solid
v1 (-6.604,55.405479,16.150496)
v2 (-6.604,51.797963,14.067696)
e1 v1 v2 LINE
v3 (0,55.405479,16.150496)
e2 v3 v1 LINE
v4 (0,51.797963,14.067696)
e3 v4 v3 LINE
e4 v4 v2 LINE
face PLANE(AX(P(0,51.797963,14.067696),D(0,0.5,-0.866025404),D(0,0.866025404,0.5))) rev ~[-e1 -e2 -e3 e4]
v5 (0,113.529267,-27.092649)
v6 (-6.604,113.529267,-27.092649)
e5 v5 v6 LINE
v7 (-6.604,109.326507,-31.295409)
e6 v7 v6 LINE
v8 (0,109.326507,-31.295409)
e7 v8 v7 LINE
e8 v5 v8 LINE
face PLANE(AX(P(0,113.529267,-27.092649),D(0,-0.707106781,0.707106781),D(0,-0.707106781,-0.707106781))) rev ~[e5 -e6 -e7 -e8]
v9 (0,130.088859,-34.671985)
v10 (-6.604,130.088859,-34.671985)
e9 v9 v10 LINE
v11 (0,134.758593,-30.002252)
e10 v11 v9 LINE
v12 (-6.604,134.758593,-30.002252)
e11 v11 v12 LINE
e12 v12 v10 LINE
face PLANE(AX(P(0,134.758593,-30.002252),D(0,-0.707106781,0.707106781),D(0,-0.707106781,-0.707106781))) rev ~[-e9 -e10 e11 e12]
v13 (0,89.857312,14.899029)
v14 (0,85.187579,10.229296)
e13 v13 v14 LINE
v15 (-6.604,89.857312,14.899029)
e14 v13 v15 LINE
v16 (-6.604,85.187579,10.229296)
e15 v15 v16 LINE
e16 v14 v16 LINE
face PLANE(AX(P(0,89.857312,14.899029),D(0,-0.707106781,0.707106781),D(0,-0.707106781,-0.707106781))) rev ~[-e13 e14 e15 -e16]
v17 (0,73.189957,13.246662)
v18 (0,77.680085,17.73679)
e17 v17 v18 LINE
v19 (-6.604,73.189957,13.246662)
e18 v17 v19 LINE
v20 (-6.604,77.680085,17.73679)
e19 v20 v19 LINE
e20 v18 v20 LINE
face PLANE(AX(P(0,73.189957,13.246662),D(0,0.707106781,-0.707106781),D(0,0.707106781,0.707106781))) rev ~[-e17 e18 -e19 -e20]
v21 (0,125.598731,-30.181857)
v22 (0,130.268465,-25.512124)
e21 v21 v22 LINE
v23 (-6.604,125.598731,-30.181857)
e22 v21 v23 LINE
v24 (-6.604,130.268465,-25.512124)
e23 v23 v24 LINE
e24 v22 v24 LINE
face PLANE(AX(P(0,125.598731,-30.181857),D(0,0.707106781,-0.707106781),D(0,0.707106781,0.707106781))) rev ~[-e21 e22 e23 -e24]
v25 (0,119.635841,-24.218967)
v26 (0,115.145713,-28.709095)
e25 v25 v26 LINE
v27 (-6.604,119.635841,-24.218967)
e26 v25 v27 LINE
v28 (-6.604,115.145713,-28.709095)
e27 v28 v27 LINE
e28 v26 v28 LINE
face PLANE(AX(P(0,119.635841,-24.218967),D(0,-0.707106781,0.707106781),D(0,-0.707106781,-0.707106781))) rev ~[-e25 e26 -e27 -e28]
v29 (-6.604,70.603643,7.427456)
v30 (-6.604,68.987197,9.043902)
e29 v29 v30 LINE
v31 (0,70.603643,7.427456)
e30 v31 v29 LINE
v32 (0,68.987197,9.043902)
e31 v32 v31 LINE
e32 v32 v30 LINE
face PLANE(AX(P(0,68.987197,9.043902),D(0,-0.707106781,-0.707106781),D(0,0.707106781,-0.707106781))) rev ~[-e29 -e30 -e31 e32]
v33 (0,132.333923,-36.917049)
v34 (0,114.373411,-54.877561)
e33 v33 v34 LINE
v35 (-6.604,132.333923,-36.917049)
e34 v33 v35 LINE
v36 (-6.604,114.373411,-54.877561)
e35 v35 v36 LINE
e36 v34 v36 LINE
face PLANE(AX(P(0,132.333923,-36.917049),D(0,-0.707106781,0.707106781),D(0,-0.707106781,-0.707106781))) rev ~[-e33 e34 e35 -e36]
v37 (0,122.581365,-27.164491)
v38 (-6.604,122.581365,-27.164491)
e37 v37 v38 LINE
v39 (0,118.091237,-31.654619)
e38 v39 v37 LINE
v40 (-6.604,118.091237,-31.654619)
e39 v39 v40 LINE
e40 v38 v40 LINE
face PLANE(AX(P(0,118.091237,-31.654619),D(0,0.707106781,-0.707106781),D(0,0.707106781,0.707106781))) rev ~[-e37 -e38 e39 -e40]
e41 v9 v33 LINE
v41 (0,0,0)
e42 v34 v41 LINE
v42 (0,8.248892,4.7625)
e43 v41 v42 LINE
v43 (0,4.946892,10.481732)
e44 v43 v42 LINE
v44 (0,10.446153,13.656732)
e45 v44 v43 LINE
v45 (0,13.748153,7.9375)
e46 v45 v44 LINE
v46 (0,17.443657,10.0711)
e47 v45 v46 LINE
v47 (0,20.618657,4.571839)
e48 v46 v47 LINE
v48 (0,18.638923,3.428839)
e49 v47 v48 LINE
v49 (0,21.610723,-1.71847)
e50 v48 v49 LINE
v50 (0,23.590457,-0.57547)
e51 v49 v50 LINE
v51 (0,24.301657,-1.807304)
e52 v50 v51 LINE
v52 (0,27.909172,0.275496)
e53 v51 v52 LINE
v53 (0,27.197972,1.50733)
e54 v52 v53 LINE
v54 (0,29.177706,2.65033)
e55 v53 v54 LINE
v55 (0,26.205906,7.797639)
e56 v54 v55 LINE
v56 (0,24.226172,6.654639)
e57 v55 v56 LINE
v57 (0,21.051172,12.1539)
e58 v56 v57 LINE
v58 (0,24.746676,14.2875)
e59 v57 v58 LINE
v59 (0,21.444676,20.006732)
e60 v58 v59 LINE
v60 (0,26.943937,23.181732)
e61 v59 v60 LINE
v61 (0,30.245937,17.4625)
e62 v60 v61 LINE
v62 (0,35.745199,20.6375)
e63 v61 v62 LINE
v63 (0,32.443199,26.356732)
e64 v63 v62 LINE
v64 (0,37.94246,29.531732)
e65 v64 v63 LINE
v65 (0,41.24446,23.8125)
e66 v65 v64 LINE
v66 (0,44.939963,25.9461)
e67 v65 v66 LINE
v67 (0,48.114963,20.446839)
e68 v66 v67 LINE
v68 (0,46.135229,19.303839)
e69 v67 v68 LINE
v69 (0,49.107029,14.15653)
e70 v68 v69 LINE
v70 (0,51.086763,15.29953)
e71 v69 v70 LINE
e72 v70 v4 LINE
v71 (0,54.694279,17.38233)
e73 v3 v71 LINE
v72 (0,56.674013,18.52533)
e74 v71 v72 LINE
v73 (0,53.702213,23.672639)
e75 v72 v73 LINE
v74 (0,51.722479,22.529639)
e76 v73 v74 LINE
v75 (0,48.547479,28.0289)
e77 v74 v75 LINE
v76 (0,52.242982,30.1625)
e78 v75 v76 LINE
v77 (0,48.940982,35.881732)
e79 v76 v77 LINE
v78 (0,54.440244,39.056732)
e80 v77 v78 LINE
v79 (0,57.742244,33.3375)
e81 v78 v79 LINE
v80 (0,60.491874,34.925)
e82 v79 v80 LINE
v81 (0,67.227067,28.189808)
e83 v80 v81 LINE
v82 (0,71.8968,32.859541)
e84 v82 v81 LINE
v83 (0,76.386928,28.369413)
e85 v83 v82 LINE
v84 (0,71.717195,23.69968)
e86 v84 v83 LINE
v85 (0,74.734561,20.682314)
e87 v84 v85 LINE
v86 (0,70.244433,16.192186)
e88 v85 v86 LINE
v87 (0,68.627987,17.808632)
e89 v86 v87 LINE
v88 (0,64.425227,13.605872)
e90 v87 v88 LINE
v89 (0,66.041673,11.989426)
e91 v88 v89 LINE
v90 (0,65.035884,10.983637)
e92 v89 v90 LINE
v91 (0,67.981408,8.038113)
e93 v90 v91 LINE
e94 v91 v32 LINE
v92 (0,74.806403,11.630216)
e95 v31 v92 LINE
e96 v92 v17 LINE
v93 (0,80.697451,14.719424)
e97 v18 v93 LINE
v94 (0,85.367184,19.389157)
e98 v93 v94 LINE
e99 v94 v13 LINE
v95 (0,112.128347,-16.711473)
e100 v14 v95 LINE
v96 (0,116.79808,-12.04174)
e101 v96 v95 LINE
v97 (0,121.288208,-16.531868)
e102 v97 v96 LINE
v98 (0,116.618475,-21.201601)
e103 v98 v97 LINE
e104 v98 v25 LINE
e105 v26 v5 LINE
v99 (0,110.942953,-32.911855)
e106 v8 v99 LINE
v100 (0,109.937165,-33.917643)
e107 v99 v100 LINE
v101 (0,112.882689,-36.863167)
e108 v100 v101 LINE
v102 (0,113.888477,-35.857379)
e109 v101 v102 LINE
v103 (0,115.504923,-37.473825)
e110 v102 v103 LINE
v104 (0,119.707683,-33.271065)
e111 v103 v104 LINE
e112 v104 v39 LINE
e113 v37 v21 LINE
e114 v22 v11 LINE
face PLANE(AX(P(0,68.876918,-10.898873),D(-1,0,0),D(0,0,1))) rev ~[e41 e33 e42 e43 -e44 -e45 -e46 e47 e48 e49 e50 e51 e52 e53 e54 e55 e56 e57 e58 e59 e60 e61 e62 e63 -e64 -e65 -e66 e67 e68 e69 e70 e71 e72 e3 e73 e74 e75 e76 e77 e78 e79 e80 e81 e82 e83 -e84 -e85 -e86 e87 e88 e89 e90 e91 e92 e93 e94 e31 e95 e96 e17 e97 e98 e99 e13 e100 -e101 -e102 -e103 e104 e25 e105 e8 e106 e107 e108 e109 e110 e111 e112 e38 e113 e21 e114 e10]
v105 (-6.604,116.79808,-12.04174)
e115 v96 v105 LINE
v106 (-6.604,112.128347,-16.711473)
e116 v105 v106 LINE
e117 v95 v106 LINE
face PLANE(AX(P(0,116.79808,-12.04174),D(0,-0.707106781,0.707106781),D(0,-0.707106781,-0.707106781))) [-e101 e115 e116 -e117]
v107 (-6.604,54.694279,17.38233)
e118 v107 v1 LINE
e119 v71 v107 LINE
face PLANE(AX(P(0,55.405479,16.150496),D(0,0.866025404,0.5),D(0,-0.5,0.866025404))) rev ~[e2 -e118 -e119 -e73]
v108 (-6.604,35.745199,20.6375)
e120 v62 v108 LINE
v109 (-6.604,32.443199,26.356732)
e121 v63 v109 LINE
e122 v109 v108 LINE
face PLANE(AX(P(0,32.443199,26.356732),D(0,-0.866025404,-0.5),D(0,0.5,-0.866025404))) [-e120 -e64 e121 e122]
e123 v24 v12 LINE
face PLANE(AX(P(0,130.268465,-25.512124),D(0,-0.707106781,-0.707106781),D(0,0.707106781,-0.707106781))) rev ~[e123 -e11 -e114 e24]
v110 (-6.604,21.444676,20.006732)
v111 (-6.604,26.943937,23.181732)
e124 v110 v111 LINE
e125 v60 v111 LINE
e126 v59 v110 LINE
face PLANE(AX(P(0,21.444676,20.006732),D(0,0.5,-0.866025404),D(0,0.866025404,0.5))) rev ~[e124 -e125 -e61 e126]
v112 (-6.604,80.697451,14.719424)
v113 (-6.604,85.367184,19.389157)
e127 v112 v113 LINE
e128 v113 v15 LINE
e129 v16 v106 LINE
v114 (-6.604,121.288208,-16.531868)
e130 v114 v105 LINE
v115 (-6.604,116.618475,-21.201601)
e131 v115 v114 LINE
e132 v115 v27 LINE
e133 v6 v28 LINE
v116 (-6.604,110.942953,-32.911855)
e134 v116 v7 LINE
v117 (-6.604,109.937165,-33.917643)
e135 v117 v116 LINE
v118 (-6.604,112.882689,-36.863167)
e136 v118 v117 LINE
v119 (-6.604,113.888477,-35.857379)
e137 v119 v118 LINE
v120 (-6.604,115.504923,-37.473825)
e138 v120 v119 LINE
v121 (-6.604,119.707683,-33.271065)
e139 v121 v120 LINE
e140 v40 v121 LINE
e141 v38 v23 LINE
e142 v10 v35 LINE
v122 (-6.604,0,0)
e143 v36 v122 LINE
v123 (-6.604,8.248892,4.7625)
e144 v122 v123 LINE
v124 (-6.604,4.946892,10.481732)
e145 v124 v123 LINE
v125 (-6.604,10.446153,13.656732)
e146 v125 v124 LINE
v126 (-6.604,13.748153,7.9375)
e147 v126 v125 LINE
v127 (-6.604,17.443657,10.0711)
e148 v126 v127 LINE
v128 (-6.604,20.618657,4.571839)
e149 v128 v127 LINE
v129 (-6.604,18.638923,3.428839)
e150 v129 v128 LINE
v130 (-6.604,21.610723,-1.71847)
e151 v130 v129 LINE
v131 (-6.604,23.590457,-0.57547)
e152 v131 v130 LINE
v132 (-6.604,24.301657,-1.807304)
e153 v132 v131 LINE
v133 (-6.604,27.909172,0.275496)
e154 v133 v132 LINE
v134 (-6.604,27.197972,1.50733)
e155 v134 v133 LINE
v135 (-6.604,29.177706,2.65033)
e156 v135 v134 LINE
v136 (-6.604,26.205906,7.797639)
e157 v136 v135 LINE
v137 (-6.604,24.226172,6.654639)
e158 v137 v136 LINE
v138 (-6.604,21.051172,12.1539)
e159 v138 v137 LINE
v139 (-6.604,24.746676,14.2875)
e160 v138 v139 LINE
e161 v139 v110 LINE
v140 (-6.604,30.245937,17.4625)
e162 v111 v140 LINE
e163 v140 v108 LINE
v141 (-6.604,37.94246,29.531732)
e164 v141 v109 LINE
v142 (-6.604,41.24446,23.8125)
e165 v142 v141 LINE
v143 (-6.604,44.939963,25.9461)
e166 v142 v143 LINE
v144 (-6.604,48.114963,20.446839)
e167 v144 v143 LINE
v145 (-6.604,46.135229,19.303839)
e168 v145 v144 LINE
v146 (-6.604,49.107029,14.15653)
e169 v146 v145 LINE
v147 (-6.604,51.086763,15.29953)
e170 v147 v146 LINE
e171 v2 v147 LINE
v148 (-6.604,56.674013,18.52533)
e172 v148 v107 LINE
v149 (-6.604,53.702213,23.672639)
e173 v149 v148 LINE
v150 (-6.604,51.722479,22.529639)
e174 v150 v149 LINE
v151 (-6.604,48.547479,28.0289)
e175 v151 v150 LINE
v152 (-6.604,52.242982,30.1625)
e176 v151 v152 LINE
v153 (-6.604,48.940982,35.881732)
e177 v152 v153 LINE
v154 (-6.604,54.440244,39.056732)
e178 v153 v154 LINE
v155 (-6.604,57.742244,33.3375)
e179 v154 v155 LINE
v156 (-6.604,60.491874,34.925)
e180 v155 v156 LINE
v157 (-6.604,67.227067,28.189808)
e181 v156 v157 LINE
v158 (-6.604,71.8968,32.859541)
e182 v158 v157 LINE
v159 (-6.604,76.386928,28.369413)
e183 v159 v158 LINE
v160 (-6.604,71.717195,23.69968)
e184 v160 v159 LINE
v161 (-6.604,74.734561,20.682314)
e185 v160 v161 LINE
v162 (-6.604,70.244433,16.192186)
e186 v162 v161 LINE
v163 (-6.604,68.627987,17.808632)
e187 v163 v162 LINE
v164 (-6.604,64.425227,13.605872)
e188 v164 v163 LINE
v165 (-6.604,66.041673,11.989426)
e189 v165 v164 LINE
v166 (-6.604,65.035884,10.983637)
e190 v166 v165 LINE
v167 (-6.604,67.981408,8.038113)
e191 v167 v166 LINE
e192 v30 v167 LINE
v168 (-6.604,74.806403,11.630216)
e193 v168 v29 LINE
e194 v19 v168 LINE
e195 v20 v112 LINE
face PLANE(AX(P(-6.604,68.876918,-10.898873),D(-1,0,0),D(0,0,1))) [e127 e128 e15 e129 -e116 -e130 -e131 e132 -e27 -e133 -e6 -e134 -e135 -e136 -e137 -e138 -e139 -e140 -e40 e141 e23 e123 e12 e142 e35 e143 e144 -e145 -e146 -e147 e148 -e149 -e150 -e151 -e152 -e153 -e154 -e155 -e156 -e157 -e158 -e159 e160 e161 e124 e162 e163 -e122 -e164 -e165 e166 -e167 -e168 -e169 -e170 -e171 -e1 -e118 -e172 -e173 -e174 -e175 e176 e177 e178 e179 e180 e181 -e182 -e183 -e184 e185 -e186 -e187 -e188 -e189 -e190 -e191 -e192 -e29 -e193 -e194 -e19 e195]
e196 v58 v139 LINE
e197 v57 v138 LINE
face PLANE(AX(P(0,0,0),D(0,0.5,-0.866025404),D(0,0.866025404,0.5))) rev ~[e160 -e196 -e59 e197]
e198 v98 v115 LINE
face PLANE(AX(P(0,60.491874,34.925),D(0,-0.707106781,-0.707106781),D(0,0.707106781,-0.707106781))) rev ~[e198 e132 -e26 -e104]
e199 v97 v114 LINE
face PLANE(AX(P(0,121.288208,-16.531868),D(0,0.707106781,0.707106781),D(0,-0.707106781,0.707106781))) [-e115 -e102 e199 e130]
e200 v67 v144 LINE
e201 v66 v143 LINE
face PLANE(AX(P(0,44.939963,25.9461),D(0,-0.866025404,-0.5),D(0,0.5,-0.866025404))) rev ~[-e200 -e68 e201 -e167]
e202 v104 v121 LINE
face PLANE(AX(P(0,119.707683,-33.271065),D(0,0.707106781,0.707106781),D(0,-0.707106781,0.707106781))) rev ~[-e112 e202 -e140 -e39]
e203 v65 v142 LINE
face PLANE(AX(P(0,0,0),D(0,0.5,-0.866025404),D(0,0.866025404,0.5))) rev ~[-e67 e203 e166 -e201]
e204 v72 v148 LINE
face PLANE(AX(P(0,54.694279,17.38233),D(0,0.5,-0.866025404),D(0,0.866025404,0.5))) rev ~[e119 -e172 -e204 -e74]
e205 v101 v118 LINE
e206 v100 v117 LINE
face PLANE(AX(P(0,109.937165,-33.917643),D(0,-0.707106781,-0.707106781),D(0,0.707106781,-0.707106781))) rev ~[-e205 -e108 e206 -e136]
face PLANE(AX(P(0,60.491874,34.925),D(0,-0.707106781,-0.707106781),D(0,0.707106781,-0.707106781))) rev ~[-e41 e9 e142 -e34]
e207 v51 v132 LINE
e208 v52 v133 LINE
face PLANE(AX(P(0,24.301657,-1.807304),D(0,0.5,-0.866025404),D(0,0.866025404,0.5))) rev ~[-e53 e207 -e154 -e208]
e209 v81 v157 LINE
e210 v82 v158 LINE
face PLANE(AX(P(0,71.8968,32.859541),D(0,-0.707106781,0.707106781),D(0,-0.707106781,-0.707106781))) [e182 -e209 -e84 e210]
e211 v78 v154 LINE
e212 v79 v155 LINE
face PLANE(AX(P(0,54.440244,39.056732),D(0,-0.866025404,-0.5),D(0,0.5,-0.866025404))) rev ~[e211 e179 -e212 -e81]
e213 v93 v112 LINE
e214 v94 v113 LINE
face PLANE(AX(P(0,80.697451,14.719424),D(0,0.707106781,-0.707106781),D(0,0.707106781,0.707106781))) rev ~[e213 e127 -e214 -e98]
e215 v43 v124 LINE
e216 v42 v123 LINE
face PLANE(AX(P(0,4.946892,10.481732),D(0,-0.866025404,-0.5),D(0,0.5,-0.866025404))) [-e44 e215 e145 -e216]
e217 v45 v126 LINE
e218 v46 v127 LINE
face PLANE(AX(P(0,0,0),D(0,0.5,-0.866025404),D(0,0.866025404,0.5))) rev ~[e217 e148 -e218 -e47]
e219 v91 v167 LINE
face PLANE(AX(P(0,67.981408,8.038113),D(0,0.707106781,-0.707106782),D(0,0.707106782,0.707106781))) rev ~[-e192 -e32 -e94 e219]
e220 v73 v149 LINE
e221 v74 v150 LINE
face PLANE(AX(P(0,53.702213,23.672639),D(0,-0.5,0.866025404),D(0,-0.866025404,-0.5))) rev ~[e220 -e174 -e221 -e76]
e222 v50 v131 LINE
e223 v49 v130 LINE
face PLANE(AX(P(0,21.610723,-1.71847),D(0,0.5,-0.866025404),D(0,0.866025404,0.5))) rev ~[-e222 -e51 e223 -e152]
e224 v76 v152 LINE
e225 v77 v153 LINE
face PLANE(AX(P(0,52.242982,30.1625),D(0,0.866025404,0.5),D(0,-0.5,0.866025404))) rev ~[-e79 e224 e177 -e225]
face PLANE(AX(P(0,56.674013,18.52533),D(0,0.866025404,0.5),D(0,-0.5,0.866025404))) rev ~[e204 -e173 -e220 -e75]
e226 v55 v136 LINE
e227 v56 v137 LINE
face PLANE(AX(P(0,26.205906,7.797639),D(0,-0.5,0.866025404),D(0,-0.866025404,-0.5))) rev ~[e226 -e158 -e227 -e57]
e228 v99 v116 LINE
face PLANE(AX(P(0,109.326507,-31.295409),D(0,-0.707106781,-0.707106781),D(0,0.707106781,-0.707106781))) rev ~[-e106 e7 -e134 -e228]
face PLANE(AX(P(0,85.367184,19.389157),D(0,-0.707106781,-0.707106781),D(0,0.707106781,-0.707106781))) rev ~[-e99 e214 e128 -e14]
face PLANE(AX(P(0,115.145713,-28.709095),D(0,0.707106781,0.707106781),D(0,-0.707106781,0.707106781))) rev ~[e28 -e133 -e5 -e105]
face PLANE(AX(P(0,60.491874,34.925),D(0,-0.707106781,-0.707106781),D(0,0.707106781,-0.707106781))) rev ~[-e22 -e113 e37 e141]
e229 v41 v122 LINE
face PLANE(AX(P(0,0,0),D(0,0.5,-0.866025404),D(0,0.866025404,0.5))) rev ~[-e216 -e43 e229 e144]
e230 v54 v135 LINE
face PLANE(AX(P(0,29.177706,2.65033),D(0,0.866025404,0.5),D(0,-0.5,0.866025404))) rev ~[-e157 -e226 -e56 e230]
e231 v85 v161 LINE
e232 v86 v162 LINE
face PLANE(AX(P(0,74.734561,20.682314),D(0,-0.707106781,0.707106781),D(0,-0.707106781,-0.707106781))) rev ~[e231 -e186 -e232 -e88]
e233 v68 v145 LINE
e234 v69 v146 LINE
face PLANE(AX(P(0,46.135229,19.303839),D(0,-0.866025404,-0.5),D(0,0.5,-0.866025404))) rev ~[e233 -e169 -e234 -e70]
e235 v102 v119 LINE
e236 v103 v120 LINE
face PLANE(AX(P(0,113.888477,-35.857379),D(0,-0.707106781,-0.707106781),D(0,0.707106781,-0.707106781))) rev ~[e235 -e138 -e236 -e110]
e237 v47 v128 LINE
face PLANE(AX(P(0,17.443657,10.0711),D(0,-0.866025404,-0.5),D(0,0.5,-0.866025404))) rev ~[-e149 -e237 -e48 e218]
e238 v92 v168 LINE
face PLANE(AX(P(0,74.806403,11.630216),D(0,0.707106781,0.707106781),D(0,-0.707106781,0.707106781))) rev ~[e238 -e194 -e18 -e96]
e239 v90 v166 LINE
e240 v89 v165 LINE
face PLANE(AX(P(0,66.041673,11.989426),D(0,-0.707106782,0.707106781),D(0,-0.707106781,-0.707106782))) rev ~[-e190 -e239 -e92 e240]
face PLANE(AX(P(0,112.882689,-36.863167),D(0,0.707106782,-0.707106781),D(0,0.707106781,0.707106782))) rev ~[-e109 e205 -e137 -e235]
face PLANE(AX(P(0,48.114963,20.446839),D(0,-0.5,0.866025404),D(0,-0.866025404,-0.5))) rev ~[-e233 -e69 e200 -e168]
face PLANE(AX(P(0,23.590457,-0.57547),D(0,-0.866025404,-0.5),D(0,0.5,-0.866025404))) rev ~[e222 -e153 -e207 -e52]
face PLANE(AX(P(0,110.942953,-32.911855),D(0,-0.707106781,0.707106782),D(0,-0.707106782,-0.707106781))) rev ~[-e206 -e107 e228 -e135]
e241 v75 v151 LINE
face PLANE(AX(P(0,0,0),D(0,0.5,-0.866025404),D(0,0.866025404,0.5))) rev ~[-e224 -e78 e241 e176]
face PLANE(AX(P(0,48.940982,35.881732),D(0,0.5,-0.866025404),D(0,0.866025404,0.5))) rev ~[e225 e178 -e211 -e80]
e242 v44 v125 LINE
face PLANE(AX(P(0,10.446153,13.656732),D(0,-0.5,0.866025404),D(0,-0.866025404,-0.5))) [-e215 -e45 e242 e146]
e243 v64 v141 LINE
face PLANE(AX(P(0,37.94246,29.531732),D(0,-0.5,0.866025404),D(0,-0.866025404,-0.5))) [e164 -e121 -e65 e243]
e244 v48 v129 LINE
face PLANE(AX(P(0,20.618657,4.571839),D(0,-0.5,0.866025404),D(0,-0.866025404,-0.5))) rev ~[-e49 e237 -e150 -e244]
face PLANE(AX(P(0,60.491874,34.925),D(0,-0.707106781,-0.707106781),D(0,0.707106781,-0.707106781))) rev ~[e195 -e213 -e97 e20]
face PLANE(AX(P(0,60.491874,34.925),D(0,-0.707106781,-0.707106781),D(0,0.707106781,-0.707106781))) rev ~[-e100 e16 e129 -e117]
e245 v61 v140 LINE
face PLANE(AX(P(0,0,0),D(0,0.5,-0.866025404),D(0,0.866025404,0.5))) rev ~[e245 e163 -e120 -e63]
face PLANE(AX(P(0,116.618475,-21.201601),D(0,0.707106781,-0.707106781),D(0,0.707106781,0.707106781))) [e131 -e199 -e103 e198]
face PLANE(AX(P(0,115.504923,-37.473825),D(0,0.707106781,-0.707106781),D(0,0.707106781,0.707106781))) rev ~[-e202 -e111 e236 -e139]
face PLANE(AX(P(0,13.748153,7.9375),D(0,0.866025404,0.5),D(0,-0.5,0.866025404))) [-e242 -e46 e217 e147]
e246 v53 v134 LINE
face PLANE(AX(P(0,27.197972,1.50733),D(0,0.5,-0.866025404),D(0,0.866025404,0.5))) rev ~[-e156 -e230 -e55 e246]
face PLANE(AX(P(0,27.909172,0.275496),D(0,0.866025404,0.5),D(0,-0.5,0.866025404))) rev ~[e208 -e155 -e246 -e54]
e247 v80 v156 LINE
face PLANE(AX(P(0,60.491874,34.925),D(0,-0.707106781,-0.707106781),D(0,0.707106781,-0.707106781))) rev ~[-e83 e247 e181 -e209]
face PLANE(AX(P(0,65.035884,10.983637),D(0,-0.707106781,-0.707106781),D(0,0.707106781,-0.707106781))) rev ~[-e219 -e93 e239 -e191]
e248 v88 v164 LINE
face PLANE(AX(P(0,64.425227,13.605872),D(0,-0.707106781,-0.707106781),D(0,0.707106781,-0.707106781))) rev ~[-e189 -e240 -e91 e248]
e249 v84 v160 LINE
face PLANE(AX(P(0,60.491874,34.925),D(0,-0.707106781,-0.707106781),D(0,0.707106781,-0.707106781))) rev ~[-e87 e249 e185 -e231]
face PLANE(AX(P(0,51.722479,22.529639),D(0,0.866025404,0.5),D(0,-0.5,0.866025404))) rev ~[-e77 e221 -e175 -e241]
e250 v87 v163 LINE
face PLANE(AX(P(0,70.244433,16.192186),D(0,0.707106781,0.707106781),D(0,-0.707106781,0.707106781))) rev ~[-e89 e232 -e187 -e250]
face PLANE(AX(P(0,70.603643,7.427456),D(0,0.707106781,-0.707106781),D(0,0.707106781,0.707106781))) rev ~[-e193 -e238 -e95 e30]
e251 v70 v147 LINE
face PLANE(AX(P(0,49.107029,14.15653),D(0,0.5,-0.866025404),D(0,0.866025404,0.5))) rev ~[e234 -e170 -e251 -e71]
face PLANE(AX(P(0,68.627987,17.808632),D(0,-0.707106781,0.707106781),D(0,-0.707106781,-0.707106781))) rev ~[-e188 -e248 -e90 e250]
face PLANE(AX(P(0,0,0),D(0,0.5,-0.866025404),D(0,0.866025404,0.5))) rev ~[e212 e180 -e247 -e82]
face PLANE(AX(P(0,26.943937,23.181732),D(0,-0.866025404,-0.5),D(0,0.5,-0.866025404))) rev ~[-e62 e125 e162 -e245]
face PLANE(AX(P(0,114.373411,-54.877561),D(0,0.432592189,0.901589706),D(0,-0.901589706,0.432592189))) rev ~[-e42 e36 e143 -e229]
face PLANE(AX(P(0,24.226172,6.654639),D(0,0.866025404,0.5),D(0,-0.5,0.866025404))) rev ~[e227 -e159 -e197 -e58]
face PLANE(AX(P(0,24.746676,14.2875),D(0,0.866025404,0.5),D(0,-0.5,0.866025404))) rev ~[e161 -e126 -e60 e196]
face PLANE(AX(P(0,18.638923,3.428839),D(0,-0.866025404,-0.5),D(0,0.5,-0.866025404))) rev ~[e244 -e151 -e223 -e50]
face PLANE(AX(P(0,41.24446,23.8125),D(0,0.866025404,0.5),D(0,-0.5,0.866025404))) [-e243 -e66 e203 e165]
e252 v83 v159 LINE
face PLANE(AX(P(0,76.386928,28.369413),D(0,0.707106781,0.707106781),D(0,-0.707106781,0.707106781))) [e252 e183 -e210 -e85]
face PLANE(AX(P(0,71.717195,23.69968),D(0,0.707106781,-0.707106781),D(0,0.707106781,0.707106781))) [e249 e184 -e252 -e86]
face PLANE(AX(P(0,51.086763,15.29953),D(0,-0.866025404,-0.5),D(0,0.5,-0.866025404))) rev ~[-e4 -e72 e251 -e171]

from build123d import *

# Parameters (mm, degrees)
BOSS_EXTRUDE1_DEPTH = 6.604
CUT_EXTRUDE1_DEPTH  = 7.604
BOSS_EXTRUDE2_DEPTH = 6.604


with BuildPart() as part:
    # Sketch1 → Boss-Extrude1 (new body)
    with BuildSketch(Plane(origin=(0, 0, 0), x_dir=(0, 0, -1), z_dir=(1, 0, 0))):
        Polygon((0, 0), (-34.925, 60.491874454), (36.917048969, 132.333923423), (54.877561211, 114.373411181), align=None)
    extrude(amount=-BOSS_EXTRUDE1_DEPTH)

    # Sketch2 → Cut-Extrude1 (cut, through all)
    with BuildSketch(Plane(origin=(0, 0, 0), x_dir=(0, 0, -1), z_dir=(1, 0, 0))):
        Polygon((31.654618882, 118.091237215), (27.164490821, 122.581365275), (24.218966813, 119.635841268), (28.709094874, 115.145713207), (27.092648772, 113.529267105), (31.295408637, 109.326507241), (32.911854739, 110.942953343), (33.917643424, 109.937164657), (36.863167432, 112.882688665), (35.857378746, 113.88847735), (37.473824848, 115.504923452), (33.271064983, 119.707683317), align=None)
        Polygon((-13.246661724, 73.18995661), (-17.736789784, 77.68008467), (-20.682313792, 74.734560662), (-16.192185731, 70.244432602), (-17.808631833, 68.6279865), (-13.605871969, 64.425226635), (-11.989425867, 66.041672737), (-10.983637181, 65.035884052), (-8.038113174, 67.981408059), (-9.043901859, 68.987196745), (-7.427455757, 70.603642847), (-11.630215622, 74.806402711), align=None)
        Polygon((-17.382330096, 54.69427888), (-18.525330096, 56.674012953), (-23.672638686, 53.702212953), (-22.529638686, 51.72247888), (-28.0289, 48.54747888), (-25.9461, 44.939963458), (-20.446838686, 48.114963458), (-19.303838686, 46.135229385), (-14.156530096, 49.107029385), (-15.299530096, 51.086763458), (-14.067695562, 51.797963458), (-16.150495562, 55.40547888), align=None)
        Polygon((-2.650330096, 29.177706383), (-7.797638686, 26.205906383), (-6.654638686, 24.22617231), (-12.1539, 21.05117231), (-10.0711, 17.443656888), (-4.571838686, 20.618656888), (-3.428838686, 18.638922815), (1.718469904, 21.610722815), (0.575469904, 23.590456888), (1.807304438, 24.301656888), (-0.275495562, 27.90917231), (-1.507330096, 27.19797231), align=None)
    extrude(amount=-CUT_EXTRUDE1_DEPTH, mode=Mode.SUBTRACT)

    # Sketch3 → Boss-Extrude2 (add)
    with BuildSketch(Plane(origin=(0, 0, 0), x_dir=(0, 0, -1), z_dir=(1, 0, 0))):
        Polygon((30.002251755, 134.758592576), (34.671984938, 130.088859393), (30.181856878, 125.598731332), (25.512123695, 130.268464515), align=None)
        Polygon((21.201600757, 116.618475211), (16.531867574, 121.288208394), (12.041739513, 116.798080333), (16.711472696, 112.12834715), align=None)
        Polygon((-14.719423728, 80.697450727), (-19.389156911, 85.36718391), (-14.89902885, 89.85731197), (-10.229295667, 85.187578787), align=None)
        Polygon((-28.369413032, 76.386927789), (-32.859541092, 71.896799728), (-28.189807909, 67.227066545), (-23.699679849, 71.717194606), align=None)
        Polygon((-39.056731767, 54.440243797), (-33.3375, 57.742243797), (-30.1625, 52.242982483), (-35.881731767, 48.940982483), align=None)
        Polygon((-23.8125, 41.244459855), (-29.531731767, 37.942459855), (-26.356731767, 32.443198541), (-20.6375, 35.745198541), align=None)
        Polygon((-23.181731767, 26.943937227), (-17.4625, 30.245937227), (-14.2875, 24.746675913), (-20.006731767, 21.444675913), align=None)
        Polygon((-13.656731767, 10.446153285), (-10.481731767, 4.946891971), (-4.7625, 8.248891971), (-7.9375, 13.748153285), align=None)
    extrude(amount=-BOSS_EXTRUDE2_DEPTH)


solid = part.part
